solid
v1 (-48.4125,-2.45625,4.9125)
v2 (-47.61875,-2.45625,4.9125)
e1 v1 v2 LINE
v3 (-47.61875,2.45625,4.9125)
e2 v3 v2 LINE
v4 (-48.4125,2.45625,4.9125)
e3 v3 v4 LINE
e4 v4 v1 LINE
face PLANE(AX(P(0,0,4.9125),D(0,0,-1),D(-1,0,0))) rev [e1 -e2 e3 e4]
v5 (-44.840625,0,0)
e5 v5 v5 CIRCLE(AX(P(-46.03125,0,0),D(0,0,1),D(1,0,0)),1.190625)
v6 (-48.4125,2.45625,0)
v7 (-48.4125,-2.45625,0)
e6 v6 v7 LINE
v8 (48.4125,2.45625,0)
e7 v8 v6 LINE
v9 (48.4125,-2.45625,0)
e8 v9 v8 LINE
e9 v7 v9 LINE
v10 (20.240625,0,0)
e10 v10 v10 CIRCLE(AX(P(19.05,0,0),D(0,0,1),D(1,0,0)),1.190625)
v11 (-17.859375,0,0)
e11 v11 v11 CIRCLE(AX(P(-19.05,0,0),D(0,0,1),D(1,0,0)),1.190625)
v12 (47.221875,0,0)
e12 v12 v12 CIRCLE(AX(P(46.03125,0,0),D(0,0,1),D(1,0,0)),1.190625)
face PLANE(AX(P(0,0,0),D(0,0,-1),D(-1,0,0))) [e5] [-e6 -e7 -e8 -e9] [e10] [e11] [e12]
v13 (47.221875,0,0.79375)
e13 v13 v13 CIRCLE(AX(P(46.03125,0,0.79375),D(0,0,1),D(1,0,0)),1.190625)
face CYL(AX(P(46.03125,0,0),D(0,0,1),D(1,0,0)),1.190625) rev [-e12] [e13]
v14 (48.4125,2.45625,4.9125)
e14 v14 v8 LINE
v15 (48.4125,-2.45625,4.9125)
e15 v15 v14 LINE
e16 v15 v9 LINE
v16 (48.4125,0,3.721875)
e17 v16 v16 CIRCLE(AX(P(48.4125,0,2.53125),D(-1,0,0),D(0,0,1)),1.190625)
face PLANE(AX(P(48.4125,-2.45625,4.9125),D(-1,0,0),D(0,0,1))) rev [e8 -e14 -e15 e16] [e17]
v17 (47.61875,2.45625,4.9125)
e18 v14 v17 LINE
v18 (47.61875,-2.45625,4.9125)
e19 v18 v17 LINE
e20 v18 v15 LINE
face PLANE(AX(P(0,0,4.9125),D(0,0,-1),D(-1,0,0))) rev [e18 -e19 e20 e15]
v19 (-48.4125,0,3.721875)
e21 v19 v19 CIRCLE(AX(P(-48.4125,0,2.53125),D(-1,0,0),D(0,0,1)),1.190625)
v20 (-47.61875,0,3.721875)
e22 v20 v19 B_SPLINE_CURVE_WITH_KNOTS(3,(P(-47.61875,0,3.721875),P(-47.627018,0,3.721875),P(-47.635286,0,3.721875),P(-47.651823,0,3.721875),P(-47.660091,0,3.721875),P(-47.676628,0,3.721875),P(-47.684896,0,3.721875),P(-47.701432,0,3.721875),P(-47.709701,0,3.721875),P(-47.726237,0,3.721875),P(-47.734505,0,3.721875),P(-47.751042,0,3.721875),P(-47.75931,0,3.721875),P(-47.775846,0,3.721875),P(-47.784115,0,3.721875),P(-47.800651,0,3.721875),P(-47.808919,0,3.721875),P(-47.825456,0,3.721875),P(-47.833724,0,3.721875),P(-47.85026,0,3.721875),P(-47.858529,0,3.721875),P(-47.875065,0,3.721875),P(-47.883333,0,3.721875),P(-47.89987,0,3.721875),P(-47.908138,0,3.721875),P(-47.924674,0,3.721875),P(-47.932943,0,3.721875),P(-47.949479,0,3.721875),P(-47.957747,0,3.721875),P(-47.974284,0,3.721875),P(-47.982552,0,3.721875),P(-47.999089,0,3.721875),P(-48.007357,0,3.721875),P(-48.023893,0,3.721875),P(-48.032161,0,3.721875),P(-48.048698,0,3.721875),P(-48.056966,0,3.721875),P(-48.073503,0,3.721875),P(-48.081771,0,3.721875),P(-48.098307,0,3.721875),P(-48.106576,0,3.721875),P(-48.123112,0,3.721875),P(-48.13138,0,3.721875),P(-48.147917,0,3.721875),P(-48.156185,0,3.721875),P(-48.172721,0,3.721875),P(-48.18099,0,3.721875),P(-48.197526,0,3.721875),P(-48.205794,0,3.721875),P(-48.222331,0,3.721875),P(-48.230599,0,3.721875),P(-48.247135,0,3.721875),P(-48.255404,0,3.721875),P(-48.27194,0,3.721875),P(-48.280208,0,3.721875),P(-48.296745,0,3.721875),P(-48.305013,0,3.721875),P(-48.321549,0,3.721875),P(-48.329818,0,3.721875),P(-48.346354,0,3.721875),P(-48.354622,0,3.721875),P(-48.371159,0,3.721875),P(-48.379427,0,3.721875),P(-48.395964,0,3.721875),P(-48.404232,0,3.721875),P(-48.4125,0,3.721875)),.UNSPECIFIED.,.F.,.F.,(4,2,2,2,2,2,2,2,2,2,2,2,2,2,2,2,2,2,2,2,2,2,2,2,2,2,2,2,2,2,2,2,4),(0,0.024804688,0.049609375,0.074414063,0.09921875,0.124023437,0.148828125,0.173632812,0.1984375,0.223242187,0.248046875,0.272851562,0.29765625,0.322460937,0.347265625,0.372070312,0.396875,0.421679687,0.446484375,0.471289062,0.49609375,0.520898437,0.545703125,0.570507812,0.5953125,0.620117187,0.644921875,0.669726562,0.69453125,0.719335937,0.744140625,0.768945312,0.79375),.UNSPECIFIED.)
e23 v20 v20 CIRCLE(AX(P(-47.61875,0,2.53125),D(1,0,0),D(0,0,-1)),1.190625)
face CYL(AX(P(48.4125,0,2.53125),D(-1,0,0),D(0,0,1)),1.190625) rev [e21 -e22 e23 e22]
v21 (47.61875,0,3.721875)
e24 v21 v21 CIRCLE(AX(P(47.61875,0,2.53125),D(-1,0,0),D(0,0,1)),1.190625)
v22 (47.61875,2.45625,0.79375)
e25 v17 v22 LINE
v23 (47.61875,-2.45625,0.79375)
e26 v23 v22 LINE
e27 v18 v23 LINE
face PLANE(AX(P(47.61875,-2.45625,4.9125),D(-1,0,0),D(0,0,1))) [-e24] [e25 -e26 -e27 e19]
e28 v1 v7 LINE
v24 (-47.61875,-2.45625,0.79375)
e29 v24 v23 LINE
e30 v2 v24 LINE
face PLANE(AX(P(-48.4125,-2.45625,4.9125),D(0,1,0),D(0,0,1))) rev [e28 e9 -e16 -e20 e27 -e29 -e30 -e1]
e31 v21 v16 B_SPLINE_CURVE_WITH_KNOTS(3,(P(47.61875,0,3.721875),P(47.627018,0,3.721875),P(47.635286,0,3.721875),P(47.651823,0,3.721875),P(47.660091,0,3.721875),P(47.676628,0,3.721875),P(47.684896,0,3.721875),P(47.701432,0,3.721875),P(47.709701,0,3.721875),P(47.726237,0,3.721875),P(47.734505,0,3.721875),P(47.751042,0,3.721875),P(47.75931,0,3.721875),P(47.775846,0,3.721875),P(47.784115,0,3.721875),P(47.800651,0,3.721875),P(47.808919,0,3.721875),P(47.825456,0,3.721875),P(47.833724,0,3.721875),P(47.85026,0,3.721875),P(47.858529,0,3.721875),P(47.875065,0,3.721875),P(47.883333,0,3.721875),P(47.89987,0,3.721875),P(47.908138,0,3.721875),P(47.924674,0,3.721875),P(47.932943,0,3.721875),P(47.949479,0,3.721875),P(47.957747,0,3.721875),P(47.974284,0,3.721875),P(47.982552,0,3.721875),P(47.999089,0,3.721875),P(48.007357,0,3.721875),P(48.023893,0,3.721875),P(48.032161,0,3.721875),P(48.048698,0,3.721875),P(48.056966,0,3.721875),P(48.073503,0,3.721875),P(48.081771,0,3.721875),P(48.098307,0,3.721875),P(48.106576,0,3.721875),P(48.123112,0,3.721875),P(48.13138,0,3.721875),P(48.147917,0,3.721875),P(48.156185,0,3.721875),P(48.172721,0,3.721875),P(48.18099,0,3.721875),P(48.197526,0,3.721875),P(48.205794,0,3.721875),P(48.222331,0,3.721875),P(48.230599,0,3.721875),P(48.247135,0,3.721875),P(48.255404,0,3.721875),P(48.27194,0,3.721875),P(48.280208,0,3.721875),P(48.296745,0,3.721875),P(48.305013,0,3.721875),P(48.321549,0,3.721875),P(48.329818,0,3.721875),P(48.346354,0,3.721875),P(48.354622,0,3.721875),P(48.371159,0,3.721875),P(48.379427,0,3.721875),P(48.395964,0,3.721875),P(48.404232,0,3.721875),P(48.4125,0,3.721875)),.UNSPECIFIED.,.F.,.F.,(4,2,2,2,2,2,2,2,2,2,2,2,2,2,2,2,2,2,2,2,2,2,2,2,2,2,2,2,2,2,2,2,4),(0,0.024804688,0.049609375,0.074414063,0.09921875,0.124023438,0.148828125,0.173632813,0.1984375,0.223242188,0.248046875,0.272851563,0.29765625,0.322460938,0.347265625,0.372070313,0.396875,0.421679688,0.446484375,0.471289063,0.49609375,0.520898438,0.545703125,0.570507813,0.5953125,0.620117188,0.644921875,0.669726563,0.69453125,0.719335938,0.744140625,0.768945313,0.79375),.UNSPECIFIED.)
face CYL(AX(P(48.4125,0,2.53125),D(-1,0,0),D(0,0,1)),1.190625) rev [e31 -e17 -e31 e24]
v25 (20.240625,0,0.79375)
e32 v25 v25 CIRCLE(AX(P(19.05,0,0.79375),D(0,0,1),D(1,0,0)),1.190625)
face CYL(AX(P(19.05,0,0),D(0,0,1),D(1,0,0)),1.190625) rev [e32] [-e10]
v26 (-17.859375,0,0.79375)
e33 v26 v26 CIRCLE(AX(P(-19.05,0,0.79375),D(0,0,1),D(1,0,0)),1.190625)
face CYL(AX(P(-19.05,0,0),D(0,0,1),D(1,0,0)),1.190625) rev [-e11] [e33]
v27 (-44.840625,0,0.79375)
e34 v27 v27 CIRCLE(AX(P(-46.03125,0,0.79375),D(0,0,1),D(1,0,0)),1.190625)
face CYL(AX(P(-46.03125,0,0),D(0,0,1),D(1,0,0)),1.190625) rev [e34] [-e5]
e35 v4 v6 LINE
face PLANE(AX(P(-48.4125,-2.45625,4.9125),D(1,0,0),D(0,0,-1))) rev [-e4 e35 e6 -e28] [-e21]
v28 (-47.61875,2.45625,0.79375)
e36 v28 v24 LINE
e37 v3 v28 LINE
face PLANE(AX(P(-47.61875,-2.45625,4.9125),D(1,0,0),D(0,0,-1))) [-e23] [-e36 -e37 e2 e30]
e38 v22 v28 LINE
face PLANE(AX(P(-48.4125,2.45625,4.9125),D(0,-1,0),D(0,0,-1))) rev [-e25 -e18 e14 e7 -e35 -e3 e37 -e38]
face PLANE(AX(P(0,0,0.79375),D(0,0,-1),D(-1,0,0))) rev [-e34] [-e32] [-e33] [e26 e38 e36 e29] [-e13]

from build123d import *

# Parameters (mm, degrees)
SKETCH1_W           = 96.825
SKETCH1_H           = 4.9125
BOSS_EXTRUDE1_DEPTH = 4.9125
SHELL1_T            = -0.79375
SKETCH2_R           = 1.190625
CUT_EXTRUDE1_DEPTH  = 49.649433932
SKETCH3_R           = 1.190625
CUT_EXTRUDE2_DEPTH  = 97.98064985


with BuildPart() as part:
    # Sketch1 → Boss-Extrude1 (new body)
    with BuildSketch(Plane.XY):
        Rectangle(SKETCH1_W, SKETCH1_H)
    extrude(amount=BOSS_EXTRUDE1_DEPTH)

    # Shell1
    shell1_openings = [part.faces().sort_by_distance(p)[0] for p in [
        (0, 0, 4.9125),
        (0, -2.45625, 2.45625),
        (0, 2.45625, 2.45625),
    ]]
    offset(amount=SHELL1_T, openings=shell1_openings, kind=Kind.INTERSECTION)

    # Sketch2 → Cut-Extrude1 (cut, through all)
    with BuildSketch(Plane.XY.offset(0.79375)):
        with Locations((-46.03125, 0)):
            Circle(SKETCH2_R)
        with Locations((-19.05, 0)):
            Circle(SKETCH2_R)
        with Locations((19.05, 0)):
            Circle(SKETCH2_R)
        with Locations((46.03125, 0)):
            Circle(SKETCH2_R)
    extrude(amount=-CUT_EXTRUDE1_DEPTH, mode=Mode.SUBTRACT)

    # Sketch3 → Cut-Extrude2 (cut, through all)
    with BuildSketch(Plane.ZY.offset(48.4125)):
        with Locations((2.53125, 0)):
            Circle(SKETCH3_R)
    extrude(amount=-CUT_EXTRUDE2_DEPTH, mode=Mode.SUBTRACT)


solid = part.part
